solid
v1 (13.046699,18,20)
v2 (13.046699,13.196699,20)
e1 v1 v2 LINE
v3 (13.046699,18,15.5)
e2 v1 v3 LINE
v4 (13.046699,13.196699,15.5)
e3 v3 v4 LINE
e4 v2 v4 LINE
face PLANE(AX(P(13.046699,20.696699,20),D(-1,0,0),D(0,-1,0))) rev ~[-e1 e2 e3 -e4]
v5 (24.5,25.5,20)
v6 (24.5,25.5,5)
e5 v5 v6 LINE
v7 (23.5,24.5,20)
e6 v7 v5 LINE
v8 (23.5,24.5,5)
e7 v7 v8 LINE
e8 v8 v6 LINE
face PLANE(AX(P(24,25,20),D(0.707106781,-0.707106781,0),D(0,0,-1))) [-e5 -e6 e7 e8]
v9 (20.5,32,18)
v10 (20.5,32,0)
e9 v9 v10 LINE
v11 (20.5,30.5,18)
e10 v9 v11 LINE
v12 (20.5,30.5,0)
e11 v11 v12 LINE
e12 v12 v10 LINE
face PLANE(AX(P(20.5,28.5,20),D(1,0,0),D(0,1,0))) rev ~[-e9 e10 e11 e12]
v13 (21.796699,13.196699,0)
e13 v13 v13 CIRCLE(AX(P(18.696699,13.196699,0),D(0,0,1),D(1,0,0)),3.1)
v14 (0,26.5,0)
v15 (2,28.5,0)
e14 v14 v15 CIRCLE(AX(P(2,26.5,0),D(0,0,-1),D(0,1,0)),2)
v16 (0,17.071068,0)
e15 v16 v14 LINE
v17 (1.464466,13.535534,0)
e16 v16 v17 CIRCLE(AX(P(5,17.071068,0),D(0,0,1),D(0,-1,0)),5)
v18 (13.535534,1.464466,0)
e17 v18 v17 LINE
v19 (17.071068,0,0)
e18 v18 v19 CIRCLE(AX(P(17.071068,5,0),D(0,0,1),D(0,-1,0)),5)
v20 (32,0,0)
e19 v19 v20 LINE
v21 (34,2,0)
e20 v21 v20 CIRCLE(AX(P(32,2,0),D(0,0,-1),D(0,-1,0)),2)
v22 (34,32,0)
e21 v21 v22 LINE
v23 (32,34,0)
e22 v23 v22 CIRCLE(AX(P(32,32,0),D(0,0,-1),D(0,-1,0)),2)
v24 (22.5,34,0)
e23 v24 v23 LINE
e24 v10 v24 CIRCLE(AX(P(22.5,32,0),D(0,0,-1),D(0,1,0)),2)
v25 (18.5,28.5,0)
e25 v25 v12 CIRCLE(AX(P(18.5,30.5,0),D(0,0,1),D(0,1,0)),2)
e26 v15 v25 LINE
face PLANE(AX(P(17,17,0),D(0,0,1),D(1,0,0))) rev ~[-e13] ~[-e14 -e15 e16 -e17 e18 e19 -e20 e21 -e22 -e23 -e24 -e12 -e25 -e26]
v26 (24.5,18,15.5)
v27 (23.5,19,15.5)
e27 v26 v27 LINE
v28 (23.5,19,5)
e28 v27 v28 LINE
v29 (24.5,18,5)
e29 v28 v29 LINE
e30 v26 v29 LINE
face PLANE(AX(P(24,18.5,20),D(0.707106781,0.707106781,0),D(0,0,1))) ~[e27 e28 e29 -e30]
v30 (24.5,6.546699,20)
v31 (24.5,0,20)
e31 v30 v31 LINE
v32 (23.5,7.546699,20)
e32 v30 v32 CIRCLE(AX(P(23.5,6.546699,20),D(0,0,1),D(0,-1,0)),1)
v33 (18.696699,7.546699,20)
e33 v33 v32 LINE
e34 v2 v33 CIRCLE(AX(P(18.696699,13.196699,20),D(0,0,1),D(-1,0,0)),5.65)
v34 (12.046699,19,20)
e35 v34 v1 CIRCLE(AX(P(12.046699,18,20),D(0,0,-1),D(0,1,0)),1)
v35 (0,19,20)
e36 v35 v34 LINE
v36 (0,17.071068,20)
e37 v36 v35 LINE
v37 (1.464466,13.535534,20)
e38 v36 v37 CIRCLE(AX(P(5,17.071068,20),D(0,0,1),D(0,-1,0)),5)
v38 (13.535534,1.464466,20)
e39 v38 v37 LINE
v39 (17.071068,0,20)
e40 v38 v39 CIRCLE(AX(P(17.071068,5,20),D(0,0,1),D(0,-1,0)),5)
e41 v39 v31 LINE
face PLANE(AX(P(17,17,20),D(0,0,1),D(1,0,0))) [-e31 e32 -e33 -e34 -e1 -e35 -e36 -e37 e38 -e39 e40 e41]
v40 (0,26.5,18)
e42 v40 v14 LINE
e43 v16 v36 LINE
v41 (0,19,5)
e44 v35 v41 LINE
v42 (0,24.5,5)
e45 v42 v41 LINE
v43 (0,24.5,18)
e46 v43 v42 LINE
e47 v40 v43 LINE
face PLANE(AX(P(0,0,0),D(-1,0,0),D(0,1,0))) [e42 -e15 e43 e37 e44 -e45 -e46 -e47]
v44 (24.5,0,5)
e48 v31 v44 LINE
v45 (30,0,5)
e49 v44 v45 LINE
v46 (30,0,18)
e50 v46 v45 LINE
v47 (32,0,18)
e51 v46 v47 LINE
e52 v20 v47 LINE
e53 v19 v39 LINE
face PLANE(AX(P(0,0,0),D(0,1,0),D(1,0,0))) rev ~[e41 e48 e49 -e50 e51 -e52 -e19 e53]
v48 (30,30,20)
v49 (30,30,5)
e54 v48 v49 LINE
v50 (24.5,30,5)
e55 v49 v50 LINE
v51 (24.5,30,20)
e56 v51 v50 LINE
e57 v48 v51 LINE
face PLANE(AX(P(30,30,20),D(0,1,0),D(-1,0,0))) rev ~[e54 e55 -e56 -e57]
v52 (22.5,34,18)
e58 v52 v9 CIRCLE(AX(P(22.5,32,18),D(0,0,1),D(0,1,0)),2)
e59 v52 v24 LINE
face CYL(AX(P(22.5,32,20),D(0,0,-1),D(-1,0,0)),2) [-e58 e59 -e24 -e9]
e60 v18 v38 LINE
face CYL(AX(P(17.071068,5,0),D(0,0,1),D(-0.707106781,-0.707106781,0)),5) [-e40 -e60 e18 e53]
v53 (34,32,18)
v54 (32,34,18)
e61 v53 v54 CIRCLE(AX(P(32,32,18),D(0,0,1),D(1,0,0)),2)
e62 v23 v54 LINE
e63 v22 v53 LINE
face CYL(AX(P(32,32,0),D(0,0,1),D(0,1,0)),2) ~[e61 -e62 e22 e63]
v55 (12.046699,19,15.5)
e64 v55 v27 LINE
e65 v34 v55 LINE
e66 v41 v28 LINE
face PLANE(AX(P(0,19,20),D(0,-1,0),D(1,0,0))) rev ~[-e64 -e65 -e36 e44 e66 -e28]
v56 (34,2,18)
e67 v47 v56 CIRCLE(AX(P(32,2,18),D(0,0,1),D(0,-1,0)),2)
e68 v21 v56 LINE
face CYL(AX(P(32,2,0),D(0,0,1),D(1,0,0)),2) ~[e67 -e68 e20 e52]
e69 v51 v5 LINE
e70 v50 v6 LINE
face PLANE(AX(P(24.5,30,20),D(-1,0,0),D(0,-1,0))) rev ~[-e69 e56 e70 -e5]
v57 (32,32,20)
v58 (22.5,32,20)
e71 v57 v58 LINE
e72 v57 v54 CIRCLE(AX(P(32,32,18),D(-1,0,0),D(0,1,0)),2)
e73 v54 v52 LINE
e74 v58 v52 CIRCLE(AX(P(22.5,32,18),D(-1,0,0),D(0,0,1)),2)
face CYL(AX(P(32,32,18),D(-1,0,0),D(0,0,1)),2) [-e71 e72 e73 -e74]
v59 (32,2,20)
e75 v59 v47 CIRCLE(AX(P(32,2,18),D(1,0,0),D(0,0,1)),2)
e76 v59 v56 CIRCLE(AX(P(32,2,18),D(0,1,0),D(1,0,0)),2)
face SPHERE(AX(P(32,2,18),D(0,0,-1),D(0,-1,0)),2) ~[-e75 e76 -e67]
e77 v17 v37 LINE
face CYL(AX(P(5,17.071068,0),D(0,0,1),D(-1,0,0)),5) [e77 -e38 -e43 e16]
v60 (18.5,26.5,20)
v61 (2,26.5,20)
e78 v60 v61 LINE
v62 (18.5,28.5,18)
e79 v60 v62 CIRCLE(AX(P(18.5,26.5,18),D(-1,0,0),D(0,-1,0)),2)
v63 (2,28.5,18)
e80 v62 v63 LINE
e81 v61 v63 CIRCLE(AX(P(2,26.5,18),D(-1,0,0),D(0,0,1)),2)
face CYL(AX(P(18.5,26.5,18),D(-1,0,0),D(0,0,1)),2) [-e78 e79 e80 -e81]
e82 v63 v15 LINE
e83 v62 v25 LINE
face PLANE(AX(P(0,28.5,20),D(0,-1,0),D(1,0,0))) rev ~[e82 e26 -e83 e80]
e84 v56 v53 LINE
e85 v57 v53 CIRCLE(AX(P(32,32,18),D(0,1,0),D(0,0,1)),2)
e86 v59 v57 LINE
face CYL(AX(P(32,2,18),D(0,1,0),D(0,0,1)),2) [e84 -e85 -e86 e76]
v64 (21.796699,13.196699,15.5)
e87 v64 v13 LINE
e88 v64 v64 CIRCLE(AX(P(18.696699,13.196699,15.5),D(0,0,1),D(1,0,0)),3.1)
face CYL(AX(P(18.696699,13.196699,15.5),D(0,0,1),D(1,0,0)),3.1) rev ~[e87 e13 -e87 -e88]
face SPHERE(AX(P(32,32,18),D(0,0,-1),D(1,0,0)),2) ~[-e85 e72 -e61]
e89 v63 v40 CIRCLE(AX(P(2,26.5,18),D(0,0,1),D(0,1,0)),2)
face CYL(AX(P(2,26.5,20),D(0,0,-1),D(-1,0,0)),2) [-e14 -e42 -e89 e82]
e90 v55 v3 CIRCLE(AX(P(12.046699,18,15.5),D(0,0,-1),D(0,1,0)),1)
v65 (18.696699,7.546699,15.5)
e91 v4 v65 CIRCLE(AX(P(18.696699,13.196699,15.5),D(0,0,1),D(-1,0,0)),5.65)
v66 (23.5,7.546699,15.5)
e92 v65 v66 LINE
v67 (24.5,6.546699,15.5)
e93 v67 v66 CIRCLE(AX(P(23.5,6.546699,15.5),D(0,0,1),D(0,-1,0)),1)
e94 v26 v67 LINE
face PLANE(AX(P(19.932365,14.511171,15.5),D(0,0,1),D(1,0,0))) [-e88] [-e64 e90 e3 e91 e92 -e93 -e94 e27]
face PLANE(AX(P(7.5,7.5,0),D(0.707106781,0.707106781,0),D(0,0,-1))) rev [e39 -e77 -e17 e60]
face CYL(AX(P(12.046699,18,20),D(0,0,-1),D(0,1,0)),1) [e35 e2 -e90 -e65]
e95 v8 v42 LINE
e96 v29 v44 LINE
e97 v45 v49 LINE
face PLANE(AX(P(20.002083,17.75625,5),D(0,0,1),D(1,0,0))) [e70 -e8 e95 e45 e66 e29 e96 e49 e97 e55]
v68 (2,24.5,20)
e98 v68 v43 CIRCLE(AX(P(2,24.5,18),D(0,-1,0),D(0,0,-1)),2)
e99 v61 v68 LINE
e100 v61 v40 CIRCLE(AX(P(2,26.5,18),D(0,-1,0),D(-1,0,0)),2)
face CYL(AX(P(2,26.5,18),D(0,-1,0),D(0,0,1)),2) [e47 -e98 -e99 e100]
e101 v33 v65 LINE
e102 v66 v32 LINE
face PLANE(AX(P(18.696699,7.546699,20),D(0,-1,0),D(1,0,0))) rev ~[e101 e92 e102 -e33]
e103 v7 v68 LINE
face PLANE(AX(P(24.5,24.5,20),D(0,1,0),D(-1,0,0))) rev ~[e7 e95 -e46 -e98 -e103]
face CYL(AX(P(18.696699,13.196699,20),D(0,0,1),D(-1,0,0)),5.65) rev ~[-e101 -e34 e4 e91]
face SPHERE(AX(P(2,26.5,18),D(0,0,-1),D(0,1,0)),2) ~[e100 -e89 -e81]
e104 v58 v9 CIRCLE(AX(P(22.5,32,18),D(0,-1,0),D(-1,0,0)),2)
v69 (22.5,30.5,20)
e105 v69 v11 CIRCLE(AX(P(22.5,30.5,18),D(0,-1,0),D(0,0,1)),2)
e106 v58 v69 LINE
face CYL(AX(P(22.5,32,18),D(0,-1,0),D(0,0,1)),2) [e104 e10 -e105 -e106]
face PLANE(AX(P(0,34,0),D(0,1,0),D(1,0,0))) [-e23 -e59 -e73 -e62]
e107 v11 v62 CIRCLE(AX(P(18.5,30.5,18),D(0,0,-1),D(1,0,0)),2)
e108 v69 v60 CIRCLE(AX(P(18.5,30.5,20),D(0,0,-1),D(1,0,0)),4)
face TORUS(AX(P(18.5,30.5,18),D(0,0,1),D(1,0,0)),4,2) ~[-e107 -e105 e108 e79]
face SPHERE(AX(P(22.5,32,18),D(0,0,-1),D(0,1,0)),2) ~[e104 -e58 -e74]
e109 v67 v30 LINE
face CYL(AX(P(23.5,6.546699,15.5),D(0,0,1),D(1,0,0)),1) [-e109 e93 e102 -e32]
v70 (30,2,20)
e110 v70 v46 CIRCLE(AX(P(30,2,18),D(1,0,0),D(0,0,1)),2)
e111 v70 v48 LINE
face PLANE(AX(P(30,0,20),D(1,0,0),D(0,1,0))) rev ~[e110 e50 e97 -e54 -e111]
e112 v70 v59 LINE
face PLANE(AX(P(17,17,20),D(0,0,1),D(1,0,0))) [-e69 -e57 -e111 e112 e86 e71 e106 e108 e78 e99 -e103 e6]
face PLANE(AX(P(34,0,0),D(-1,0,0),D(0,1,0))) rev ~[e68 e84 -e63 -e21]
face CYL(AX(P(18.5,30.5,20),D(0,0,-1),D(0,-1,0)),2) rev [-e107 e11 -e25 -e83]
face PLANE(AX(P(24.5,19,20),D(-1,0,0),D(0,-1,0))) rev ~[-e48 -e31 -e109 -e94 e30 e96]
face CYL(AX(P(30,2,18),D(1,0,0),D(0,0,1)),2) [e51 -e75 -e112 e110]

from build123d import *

# Parameters (mm, degrees)
F0_W      = 34
F0_H      = 34
F1_DEPTH  = 20
F3_DEPTH  = 15
F4_SIZE   = 1
F6_W      = 20.5
F6_H      = 5.5
F7_DEPTH  = 20.001
F8_R      = 2
F9_R      = 2
F10_DEPTH = 4.5
F11_R     = 3.1
F12_DEPTH = 15.501
F13_R     = 1
F14_SIZE  = 15
F15_R     = 5


with BuildPart() as f1:
    # F0 (on Top) → F1 (new body)
    with BuildSketch(Plane.XY):
        with Locations((17, 17)):
            Rectangle(F0_W, F0_H)
    extrude(amount=F1_DEPTH)

    # F2 (on face) → F3 (cut)
    with BuildSketch(Plane.XY.offset(20)):
        Polygon((24.5, 0), (30, 0), (30, 30), (24.5, 30), (24.5, 24.5), (0, 24.5), (0, 19), (24.5, 19), align=None)
    extrude(amount=-F3_DEPTH, mode=Mode.SUBTRACT)

    # F4
    f4_edges = [f1.edges().sort_by_distance(p)[0] for p in [
        (24.5, 24.5, 12.5),
        (24.5, 19, 12.5),
    ]]
    chamfer(f4_edges, length=F4_SIZE)

    # F6 (on face) → F7 (cut, through all)
    with BuildSketch(Plane.XY.offset(20)):
        with Locations((10.25, 31.25)):
            Rectangle(F6_W, F6_H)
    extrude(amount=-F7_DEPTH, mode=Mode.SUBTRACT)

    # F8
    f8_edges = [f1.edges().sort_by_distance(p)[0] for p in [
        (0, 28.5, 10),
        (20.5, 28.5, 10),
        (20.5, 34, 10),
        (34, 34, 10),
        (34, 0, 10),
    ]]
    fillet(f8_edges, radius=F8_R)

    # F9
    f9_edges = [f1.edges().sort_by_distance(p)[0] for p in [
        (31, 0, 20),
    ]]
    fillet(f9_edges, radius=F9_R)

    # F5 (on face) → F10 (cut)
    with BuildSketch(Plane.XY.offset(20)):
        with BuildLine():
            Line((13.0466991411, 20.6966991411), (13.0466991411, 13.1966991411))
            ThreePointArc((13.0466991411, 13.1966991411), (14.7015458274, 9.2015458274), (18.6966991411, 7.5466991411))
            Line((18.6966991411, 7.5466991411), (26.0466991411, 7.5466991411))
            Line((26.0466991411, 7.5466991411), (26.0466991411, 20.6966991411))
            Line((26.0466991411, 20.6966991411), (13.0466991411, 20.6966991411))
        make_face()
    extrude(amount=-F10_DEPTH, mode=Mode.SUBTRACT)

    # F11 (on face) → F12 (cut, through all)
    with BuildSketch(Plane.XY.offset(15.5)):
        with Locations((18.6966991411, 13.1966991411)):
            Circle(F11_R)
    extrude(amount=-F12_DEPTH, mode=Mode.SUBTRACT)

    # F13
    f13_edges = [f1.edges().sort_by_distance(p)[0] for p in [
        (13.046699, 19, 17.75),
        (24.5, 7.546699, 17.75),
    ]]
    fillet(f13_edges, radius=F13_R)

    # F14
    f14_edges = [f1.edges().sort_by_distance(p)[0] for p in [
        (0, 0, 10),
    ]]
    chamfer(f14_edges, length=F14_SIZE)

    # F15
    f15_edges = [f1.edges().sort_by_distance(p)[0] for p in [
        (0, 15, 10),
        (15, 0, 10),
    ]]
    fillet(f15_edges, radius=F15_R)


solid = f1.part
